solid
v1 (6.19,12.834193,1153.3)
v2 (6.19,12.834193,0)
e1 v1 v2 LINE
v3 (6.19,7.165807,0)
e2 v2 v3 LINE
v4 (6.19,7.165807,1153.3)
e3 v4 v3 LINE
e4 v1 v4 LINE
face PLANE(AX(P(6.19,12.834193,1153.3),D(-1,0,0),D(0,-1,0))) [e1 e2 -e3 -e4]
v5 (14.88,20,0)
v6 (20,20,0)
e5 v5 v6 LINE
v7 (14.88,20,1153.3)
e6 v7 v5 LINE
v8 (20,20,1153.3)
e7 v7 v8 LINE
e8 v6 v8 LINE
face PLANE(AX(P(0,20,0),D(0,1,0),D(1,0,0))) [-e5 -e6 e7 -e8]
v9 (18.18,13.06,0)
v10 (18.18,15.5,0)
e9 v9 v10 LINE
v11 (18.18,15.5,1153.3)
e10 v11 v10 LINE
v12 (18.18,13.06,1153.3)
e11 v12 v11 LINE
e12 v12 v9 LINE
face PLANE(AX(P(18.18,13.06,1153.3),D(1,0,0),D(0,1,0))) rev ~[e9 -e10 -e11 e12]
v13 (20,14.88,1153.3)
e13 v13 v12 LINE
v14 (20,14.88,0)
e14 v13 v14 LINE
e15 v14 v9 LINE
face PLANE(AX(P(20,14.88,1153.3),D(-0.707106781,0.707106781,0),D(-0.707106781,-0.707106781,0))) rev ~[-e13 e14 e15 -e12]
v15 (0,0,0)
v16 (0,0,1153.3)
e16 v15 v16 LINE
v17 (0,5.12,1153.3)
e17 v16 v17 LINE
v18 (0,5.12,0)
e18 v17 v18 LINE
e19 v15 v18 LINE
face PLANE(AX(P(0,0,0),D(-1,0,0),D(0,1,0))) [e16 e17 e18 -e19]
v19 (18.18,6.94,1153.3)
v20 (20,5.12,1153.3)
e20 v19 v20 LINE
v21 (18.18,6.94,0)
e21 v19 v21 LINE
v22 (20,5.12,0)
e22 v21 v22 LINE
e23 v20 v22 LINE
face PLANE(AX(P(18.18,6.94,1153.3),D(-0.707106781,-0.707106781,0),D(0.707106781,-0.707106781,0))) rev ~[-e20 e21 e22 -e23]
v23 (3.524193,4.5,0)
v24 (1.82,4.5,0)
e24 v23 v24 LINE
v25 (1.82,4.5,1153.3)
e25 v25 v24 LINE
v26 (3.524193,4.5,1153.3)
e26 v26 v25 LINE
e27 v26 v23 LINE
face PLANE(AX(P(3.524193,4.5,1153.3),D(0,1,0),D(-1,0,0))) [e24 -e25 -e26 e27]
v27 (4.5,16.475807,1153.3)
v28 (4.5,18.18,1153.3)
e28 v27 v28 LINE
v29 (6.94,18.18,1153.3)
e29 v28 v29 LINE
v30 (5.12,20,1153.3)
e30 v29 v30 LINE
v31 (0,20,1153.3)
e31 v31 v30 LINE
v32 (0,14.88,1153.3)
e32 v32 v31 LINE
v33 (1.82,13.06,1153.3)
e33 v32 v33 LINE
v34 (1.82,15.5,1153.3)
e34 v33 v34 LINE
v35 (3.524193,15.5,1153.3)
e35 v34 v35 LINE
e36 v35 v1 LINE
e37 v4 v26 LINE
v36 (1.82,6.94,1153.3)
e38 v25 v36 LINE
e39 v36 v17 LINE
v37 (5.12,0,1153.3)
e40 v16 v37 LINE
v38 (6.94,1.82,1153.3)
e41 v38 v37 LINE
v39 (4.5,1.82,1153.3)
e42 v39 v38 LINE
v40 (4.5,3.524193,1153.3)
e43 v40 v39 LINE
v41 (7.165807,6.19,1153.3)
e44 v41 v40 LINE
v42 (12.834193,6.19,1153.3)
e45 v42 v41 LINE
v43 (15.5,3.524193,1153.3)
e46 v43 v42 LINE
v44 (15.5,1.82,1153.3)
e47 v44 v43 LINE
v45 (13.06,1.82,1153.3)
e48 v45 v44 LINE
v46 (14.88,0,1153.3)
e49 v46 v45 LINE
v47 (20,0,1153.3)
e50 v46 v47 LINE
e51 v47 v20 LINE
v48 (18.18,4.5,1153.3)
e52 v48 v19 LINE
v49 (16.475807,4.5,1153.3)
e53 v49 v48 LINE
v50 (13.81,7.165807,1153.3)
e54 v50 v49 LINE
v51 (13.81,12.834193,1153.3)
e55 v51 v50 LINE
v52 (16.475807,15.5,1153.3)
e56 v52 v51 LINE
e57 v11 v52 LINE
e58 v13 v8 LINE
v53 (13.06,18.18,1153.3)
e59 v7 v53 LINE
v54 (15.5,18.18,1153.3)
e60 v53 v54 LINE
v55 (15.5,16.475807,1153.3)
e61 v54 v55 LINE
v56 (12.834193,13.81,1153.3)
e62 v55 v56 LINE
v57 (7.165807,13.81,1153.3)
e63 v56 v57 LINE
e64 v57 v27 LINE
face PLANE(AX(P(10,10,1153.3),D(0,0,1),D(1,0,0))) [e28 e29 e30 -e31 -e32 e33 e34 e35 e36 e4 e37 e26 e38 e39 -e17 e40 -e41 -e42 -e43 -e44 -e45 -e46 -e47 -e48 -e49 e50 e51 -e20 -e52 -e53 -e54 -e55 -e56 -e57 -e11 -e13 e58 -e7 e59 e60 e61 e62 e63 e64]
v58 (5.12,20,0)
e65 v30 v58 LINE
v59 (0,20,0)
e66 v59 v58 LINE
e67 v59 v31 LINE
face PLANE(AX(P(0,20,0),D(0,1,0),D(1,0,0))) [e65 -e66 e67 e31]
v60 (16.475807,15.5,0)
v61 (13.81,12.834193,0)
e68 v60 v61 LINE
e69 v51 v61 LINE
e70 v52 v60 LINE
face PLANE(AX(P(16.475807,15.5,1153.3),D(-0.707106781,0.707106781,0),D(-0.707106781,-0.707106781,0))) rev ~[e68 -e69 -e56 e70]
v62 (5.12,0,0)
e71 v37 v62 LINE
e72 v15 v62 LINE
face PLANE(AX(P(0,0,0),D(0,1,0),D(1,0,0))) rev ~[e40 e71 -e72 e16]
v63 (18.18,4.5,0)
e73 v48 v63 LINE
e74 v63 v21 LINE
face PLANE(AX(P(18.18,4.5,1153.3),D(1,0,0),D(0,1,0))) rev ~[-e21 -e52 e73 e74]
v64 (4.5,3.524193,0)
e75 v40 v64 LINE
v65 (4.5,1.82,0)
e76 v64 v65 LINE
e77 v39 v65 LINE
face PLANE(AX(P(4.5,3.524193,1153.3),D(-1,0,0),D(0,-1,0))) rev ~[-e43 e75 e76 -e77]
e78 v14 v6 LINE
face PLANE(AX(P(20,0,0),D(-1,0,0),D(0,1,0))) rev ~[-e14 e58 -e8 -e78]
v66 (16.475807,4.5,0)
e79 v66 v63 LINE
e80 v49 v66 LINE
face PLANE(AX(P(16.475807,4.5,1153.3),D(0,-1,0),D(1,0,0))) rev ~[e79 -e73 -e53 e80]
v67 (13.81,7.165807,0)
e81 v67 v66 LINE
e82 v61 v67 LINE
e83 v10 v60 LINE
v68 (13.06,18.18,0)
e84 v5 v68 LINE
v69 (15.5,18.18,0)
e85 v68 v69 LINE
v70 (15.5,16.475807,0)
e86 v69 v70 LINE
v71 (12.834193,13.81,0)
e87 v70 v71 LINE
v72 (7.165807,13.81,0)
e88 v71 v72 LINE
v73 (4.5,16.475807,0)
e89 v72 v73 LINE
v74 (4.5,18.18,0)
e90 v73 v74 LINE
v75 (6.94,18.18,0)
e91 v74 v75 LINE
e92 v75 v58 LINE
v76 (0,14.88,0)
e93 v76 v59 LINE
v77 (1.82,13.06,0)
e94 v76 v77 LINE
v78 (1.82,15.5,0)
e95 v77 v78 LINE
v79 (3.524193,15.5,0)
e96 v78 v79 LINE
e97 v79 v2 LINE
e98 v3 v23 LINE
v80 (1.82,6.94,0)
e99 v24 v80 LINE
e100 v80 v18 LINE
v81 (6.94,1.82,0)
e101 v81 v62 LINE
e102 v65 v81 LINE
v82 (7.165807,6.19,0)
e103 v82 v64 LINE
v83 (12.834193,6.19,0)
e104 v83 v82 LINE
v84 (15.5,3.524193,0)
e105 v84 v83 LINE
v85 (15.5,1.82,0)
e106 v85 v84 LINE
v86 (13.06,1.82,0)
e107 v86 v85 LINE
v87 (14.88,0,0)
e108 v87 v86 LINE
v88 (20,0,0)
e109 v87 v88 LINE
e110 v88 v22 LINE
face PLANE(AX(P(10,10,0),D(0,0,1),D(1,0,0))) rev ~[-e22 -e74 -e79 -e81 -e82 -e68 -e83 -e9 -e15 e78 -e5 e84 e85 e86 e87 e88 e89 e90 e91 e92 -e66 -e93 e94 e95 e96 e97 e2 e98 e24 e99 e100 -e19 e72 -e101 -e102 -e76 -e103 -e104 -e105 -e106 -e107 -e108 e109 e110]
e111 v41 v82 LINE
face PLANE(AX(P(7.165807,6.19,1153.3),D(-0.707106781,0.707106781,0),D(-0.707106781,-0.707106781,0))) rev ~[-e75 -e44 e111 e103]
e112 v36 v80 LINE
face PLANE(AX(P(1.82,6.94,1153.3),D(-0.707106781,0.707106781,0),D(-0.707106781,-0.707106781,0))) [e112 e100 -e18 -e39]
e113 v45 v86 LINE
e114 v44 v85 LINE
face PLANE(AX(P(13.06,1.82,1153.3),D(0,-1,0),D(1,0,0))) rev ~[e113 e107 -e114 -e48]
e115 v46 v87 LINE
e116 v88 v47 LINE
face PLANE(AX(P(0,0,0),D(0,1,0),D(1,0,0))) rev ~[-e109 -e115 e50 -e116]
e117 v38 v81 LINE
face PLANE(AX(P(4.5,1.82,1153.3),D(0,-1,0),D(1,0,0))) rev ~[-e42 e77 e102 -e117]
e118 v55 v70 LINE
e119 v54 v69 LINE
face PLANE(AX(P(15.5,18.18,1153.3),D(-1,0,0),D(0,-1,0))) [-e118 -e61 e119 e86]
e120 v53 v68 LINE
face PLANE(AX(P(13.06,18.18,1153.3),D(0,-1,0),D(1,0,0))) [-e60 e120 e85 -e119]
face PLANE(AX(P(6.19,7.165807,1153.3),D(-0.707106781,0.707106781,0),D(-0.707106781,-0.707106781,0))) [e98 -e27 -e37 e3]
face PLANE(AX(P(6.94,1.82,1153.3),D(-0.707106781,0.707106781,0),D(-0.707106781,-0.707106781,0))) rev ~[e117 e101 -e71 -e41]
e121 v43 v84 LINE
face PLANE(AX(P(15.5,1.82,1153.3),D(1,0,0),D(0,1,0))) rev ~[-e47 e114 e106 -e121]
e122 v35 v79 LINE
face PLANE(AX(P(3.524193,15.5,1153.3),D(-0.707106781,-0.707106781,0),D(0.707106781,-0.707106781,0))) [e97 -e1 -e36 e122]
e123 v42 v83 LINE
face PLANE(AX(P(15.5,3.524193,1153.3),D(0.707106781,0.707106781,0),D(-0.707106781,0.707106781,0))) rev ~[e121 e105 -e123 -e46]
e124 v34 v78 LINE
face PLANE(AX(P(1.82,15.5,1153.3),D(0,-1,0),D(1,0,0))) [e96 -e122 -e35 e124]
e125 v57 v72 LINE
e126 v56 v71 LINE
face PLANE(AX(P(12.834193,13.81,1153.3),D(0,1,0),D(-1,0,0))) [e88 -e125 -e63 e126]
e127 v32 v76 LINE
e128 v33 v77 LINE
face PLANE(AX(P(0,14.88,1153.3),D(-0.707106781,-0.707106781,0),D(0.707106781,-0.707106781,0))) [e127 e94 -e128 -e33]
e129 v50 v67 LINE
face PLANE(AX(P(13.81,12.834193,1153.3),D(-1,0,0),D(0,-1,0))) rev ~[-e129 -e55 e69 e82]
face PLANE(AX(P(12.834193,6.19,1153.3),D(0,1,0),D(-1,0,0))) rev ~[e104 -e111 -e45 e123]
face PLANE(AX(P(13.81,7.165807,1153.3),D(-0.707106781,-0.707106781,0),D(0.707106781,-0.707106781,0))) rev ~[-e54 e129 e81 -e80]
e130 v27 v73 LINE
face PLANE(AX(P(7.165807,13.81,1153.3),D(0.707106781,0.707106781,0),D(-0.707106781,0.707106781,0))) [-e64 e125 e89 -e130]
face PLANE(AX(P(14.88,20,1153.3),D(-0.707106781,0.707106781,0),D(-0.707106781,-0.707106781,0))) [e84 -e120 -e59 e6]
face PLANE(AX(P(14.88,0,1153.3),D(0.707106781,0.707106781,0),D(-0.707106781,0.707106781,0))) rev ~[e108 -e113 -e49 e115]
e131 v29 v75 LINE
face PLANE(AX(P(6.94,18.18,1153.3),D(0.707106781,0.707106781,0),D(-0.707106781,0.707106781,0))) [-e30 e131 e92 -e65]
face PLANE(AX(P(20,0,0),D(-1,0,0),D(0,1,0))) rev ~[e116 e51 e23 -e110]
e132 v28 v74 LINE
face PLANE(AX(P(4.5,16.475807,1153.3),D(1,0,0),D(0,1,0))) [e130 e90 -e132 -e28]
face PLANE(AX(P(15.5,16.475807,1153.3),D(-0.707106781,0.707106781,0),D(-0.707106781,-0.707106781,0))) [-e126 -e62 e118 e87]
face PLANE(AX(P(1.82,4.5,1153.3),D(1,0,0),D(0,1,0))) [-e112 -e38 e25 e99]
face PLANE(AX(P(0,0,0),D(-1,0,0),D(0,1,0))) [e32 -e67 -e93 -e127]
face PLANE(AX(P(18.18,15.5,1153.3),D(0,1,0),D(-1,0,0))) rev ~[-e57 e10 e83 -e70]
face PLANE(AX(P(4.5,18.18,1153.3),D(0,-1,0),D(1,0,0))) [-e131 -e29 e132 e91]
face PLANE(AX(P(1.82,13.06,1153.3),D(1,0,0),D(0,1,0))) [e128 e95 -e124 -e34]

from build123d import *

# Parameters (mm, degrees)
SKETCH1_W           = 20
SKETCH1_H           = 20
BOSS_EXTRUDE1_DEPTH = 1153.3
CUT_EXTRUDE1_DEPTH  = 1154.3


with BuildPart() as part:
    # Sketch1 → Boss-Extrude1 (new body)
    with BuildSketch(Plane.XY):
        with Locations((10, 10)):
            Rectangle(SKETCH1_W, SKETCH1_H)
    extrude(amount=BOSS_EXTRUDE1_DEPTH)

    # Sketch2 → Cut-Extrude1 (cut, through all)
    with BuildSketch(Plane.XY.offset(1153.3)):
        Polygon((4.5, 18.18), (6.94, 18.18), (5.12, 20), (14.88, 20), (13.06, 18.18), (15.5, 18.18), (15.5, 16.475807358), (12.834192642, 13.81), (7.165807358, 13.81), (4.5, 16.475807358), align=None)
        Polygon((14.88, 0), (13.06, 1.82), (15.5, 1.82), (15.5, 3.524192642), (12.834192642, 6.19), (7.165807358, 6.19), (4.5, 3.524192642), (4.5, 1.82), (6.94, 1.82), (5.12, 0), align=None)
        Polygon((1.82, 4.5), (1.82, 6.94), (0, 5.12), (0, 14.88), (1.82, 13.06), (1.82, 15.5), (3.524192642, 15.5), (6.19, 12.834192642), (6.19, 7.165807358), (3.524192642, 4.5), align=None)
        Polygon((20, 14.88), (18.18, 13.06), (18.18, 15.5), (16.475807358, 15.5), (13.81, 12.834192642), (13.81, 7.165807358), (16.475807358, 4.5), (18.18, 4.5), (18.18, 6.94), (20, 5.12), align=None)
    extrude(amount=-CUT_EXTRUDE1_DEPTH, mode=Mode.SUBTRACT)


solid = part.part
